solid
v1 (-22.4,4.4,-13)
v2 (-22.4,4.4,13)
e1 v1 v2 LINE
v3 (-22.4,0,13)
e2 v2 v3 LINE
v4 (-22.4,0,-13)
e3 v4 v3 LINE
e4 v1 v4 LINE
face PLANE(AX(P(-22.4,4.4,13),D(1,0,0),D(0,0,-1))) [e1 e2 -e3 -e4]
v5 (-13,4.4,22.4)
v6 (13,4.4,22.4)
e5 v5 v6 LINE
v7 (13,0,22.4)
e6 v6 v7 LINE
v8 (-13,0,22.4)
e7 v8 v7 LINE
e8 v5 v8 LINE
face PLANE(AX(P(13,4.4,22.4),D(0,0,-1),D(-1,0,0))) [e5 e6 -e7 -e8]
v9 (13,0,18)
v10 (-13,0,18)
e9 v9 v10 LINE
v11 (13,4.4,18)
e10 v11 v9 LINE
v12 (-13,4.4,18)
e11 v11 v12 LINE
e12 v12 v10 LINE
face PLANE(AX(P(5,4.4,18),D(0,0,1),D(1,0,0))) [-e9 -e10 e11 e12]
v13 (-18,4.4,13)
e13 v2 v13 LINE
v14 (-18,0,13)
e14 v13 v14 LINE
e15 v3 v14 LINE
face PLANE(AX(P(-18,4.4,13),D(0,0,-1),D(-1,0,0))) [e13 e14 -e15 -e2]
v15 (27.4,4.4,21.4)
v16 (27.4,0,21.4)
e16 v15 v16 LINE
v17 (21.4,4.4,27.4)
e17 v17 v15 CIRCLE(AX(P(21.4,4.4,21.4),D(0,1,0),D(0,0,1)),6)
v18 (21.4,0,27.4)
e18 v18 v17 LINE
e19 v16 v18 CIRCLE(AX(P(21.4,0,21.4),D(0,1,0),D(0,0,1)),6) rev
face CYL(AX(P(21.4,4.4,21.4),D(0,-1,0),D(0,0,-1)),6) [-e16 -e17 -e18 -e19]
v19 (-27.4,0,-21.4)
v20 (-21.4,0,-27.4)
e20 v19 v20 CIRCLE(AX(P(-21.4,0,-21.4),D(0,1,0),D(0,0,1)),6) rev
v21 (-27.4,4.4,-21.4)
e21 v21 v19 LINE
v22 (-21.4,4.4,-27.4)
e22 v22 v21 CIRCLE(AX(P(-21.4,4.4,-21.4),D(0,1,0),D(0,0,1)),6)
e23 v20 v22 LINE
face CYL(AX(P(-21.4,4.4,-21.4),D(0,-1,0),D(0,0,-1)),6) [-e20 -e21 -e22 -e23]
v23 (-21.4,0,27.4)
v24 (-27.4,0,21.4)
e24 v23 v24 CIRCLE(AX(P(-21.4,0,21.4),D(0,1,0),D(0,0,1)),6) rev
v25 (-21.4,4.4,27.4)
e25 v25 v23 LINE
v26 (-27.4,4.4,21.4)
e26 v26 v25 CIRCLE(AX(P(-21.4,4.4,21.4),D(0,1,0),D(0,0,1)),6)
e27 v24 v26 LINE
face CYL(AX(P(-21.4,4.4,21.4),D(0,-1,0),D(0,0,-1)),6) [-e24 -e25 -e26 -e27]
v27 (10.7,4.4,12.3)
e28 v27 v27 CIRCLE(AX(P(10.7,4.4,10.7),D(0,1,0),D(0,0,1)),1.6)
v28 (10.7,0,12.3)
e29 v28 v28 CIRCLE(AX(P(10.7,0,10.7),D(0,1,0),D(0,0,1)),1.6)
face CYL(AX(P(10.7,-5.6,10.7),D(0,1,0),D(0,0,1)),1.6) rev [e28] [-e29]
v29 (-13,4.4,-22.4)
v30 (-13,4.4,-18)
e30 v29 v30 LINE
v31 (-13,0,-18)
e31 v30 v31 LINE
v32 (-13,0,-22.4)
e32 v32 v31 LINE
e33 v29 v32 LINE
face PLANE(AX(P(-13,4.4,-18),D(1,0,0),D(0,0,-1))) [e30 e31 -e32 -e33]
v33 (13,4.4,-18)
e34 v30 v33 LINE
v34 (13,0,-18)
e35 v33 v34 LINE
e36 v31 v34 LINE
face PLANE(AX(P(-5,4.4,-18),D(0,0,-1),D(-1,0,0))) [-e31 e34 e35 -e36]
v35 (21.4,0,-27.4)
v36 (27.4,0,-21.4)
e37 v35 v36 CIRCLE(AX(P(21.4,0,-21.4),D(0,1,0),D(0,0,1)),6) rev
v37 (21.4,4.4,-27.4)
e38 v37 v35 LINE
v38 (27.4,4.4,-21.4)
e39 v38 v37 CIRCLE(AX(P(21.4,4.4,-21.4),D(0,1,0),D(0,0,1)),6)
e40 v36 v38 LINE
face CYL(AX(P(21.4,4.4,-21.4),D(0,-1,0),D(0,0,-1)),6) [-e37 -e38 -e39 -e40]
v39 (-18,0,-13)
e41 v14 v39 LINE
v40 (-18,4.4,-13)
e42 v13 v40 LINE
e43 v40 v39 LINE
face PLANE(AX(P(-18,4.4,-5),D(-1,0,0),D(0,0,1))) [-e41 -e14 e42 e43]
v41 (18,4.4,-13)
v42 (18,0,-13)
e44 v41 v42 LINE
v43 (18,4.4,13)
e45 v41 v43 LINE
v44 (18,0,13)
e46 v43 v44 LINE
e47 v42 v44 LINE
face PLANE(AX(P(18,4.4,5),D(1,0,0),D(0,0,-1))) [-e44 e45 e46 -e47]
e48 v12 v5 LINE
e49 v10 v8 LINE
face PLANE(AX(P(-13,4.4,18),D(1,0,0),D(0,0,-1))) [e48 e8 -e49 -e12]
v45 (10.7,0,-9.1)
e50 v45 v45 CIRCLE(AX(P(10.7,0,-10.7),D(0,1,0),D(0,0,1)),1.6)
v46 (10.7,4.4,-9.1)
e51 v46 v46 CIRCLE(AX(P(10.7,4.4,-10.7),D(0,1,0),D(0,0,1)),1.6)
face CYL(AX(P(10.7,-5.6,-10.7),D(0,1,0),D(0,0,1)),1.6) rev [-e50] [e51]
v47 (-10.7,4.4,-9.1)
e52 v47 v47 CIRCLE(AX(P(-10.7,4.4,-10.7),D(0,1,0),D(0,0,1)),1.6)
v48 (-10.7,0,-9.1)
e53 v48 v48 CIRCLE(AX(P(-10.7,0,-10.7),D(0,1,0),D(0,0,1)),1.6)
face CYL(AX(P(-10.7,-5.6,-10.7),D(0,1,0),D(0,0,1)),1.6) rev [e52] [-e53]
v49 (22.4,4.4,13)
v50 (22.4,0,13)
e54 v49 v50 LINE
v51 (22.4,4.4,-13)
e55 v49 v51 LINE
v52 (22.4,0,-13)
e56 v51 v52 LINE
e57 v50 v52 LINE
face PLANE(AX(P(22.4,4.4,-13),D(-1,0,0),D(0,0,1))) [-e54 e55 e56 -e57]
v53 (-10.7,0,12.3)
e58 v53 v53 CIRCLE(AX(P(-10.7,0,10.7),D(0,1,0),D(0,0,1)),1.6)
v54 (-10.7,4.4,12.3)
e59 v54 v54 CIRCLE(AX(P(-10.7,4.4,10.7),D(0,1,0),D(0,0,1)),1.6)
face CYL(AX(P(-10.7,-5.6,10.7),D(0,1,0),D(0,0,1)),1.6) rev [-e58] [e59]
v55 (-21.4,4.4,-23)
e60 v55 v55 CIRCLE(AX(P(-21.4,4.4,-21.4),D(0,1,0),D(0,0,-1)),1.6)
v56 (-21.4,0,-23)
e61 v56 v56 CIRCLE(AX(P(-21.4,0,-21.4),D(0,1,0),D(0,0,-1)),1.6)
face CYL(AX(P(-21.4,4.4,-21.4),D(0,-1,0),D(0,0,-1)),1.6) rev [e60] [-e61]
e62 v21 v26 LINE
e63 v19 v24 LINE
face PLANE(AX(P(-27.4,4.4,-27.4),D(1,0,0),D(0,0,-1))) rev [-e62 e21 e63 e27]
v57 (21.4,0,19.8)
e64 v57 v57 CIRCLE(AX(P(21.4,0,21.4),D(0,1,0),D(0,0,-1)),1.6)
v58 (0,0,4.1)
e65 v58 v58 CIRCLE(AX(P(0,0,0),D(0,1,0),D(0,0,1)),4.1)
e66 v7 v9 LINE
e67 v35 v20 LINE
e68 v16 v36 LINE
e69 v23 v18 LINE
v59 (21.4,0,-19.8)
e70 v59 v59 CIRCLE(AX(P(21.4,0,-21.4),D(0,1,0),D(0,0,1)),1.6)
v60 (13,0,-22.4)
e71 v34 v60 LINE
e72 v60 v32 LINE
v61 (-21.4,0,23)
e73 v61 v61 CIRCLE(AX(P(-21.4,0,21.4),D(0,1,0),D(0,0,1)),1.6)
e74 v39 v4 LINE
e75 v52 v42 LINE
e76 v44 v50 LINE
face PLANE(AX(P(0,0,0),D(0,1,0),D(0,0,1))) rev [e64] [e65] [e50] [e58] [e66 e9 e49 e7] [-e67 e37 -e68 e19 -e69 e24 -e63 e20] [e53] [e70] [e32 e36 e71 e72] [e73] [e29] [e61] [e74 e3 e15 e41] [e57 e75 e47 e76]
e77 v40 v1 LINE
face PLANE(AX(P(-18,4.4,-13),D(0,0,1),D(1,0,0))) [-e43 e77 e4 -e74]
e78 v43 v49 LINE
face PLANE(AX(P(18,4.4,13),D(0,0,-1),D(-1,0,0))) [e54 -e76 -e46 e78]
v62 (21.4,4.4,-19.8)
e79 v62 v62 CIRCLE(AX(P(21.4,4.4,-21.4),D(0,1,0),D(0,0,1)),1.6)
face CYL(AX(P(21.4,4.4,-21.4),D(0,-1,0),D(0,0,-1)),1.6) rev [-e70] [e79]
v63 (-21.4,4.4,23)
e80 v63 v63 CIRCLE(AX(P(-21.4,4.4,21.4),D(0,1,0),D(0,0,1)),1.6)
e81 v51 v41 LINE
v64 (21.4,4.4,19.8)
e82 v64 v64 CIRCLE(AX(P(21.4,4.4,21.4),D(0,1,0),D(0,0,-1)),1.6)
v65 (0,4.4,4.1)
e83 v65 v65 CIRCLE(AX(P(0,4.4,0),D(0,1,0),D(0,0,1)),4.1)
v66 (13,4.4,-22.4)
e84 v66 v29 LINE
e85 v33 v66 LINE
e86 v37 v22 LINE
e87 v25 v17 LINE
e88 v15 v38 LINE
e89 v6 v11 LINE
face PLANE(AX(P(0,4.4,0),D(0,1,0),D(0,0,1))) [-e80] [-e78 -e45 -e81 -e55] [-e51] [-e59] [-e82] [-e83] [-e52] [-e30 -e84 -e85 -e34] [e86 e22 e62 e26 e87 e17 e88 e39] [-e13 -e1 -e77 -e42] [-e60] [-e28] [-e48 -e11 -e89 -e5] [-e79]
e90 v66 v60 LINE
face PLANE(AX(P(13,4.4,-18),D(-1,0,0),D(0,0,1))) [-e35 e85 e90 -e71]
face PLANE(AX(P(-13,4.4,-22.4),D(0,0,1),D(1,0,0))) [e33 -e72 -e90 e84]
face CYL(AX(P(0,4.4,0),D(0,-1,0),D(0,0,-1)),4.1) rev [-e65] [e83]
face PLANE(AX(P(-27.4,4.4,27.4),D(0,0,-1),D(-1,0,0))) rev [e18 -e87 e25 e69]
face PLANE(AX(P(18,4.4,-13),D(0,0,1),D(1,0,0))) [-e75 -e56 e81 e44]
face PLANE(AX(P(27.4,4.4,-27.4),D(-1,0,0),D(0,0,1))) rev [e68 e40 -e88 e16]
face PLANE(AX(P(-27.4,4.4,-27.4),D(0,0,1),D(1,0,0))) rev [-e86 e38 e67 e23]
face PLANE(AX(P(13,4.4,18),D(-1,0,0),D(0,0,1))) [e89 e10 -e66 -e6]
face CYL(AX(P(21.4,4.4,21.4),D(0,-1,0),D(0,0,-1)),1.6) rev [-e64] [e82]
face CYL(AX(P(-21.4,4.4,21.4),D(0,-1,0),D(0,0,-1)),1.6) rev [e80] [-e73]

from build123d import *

# Parameters (mm, degrees)
SKETCH_1_W          = 54.8
SKETCH_1_H          = 54.8
SKETCH_1_R          = 4.1
SKETCH_1_R_2        = 1.6
EXTRUDE_1_DEPTH     = 4.4
FILLET_1_R          = 6
SKETCH_2_R          = 1.6
CUT_EXTRUDE_1_DEPTH = 10


with BuildPart() as part:
    # 草图1 → 凸台-拉伸1 (new body)
    with BuildSketch(Plane(origin=(0, 0, 0), x_dir=(1, 0, 0), z_dir=(0, 1, 0))):
        Rectangle(SKETCH_1_W, SKETCH_1_H)
        Circle(SKETCH_1_R, mode=Mode.SUBTRACT)
        with Locations((21.4, 21.4)):
            Circle(SKETCH_1_R_2, mode=Mode.SUBTRACT)
        with Locations((21.4, -21.4)):
            Circle(SKETCH_1_R_2, mode=Mode.SUBTRACT)
        with Locations((-21.4, -21.4)):
            Circle(SKETCH_1_R_2, mode=Mode.SUBTRACT)
        with Locations((-21.4, 21.4)):
            Circle(SKETCH_1_R_2, mode=Mode.SUBTRACT)
        Polygon((18, -5), (18, 5), (18, 13), (22.4, 13), (22.4, 5), (22.4, -5), (22.4, -13), (18, -13), align=None, mode=Mode.SUBTRACT)
        Polygon((-5, 18), (-13, 18), (-13, 22.4), (-5, 22.4), (5, 22.4), (13, 22.4), (13, 18), (5, 18), align=None, mode=Mode.SUBTRACT)
        Polygon((5, -18), (13, -18), (13, -22.4), (5, -22.4), (-5, -22.4), (-13, -22.4), (-13, -18), (-5, -18), align=None, mode=Mode.SUBTRACT)
        Polygon((-18, 5), (-18, -5), (-18, -13), (-22.4, -13), (-22.4, -5), (-22.4, 5), (-22.4, 13), (-18, 13), align=None, mode=Mode.SUBTRACT)
    extrude(amount=EXTRUDE_1_DEPTH)

    # 圆角1
    fillet_1_edges = [part.edges().sort_by_distance(p)[0] for p in [
        (27.4, 2.2, 27.4),
        (-27.4, 2.2, 27.4),
        (-27.4, 2.2, -27.4),
        (27.4, 2.2, -27.4),
    ]]
    fillet(fillet_1_edges, radius=FILLET_1_R)

    # 草图2 → 切除-拉伸1 (cut)
    with BuildSketch(Plane(origin=(0, 4.4, 0), x_dir=(1, 0, 0), z_dir=(0, 1, 0))):
        with Locations((10.7, 10.7)):
            Circle(SKETCH_2_R)
        with Locations((10.7, -10.7)):
            Circle(SKETCH_2_R)
        with Locations((-10.7, -10.7)):
            Circle(SKETCH_2_R)
        with Locations((-10.7, 10.7)):
            Circle(SKETCH_2_R)
    extrude(amount=-CUT_EXTRUDE_1_DEPTH, mode=Mode.SUBTRACT)


solid = part.part
